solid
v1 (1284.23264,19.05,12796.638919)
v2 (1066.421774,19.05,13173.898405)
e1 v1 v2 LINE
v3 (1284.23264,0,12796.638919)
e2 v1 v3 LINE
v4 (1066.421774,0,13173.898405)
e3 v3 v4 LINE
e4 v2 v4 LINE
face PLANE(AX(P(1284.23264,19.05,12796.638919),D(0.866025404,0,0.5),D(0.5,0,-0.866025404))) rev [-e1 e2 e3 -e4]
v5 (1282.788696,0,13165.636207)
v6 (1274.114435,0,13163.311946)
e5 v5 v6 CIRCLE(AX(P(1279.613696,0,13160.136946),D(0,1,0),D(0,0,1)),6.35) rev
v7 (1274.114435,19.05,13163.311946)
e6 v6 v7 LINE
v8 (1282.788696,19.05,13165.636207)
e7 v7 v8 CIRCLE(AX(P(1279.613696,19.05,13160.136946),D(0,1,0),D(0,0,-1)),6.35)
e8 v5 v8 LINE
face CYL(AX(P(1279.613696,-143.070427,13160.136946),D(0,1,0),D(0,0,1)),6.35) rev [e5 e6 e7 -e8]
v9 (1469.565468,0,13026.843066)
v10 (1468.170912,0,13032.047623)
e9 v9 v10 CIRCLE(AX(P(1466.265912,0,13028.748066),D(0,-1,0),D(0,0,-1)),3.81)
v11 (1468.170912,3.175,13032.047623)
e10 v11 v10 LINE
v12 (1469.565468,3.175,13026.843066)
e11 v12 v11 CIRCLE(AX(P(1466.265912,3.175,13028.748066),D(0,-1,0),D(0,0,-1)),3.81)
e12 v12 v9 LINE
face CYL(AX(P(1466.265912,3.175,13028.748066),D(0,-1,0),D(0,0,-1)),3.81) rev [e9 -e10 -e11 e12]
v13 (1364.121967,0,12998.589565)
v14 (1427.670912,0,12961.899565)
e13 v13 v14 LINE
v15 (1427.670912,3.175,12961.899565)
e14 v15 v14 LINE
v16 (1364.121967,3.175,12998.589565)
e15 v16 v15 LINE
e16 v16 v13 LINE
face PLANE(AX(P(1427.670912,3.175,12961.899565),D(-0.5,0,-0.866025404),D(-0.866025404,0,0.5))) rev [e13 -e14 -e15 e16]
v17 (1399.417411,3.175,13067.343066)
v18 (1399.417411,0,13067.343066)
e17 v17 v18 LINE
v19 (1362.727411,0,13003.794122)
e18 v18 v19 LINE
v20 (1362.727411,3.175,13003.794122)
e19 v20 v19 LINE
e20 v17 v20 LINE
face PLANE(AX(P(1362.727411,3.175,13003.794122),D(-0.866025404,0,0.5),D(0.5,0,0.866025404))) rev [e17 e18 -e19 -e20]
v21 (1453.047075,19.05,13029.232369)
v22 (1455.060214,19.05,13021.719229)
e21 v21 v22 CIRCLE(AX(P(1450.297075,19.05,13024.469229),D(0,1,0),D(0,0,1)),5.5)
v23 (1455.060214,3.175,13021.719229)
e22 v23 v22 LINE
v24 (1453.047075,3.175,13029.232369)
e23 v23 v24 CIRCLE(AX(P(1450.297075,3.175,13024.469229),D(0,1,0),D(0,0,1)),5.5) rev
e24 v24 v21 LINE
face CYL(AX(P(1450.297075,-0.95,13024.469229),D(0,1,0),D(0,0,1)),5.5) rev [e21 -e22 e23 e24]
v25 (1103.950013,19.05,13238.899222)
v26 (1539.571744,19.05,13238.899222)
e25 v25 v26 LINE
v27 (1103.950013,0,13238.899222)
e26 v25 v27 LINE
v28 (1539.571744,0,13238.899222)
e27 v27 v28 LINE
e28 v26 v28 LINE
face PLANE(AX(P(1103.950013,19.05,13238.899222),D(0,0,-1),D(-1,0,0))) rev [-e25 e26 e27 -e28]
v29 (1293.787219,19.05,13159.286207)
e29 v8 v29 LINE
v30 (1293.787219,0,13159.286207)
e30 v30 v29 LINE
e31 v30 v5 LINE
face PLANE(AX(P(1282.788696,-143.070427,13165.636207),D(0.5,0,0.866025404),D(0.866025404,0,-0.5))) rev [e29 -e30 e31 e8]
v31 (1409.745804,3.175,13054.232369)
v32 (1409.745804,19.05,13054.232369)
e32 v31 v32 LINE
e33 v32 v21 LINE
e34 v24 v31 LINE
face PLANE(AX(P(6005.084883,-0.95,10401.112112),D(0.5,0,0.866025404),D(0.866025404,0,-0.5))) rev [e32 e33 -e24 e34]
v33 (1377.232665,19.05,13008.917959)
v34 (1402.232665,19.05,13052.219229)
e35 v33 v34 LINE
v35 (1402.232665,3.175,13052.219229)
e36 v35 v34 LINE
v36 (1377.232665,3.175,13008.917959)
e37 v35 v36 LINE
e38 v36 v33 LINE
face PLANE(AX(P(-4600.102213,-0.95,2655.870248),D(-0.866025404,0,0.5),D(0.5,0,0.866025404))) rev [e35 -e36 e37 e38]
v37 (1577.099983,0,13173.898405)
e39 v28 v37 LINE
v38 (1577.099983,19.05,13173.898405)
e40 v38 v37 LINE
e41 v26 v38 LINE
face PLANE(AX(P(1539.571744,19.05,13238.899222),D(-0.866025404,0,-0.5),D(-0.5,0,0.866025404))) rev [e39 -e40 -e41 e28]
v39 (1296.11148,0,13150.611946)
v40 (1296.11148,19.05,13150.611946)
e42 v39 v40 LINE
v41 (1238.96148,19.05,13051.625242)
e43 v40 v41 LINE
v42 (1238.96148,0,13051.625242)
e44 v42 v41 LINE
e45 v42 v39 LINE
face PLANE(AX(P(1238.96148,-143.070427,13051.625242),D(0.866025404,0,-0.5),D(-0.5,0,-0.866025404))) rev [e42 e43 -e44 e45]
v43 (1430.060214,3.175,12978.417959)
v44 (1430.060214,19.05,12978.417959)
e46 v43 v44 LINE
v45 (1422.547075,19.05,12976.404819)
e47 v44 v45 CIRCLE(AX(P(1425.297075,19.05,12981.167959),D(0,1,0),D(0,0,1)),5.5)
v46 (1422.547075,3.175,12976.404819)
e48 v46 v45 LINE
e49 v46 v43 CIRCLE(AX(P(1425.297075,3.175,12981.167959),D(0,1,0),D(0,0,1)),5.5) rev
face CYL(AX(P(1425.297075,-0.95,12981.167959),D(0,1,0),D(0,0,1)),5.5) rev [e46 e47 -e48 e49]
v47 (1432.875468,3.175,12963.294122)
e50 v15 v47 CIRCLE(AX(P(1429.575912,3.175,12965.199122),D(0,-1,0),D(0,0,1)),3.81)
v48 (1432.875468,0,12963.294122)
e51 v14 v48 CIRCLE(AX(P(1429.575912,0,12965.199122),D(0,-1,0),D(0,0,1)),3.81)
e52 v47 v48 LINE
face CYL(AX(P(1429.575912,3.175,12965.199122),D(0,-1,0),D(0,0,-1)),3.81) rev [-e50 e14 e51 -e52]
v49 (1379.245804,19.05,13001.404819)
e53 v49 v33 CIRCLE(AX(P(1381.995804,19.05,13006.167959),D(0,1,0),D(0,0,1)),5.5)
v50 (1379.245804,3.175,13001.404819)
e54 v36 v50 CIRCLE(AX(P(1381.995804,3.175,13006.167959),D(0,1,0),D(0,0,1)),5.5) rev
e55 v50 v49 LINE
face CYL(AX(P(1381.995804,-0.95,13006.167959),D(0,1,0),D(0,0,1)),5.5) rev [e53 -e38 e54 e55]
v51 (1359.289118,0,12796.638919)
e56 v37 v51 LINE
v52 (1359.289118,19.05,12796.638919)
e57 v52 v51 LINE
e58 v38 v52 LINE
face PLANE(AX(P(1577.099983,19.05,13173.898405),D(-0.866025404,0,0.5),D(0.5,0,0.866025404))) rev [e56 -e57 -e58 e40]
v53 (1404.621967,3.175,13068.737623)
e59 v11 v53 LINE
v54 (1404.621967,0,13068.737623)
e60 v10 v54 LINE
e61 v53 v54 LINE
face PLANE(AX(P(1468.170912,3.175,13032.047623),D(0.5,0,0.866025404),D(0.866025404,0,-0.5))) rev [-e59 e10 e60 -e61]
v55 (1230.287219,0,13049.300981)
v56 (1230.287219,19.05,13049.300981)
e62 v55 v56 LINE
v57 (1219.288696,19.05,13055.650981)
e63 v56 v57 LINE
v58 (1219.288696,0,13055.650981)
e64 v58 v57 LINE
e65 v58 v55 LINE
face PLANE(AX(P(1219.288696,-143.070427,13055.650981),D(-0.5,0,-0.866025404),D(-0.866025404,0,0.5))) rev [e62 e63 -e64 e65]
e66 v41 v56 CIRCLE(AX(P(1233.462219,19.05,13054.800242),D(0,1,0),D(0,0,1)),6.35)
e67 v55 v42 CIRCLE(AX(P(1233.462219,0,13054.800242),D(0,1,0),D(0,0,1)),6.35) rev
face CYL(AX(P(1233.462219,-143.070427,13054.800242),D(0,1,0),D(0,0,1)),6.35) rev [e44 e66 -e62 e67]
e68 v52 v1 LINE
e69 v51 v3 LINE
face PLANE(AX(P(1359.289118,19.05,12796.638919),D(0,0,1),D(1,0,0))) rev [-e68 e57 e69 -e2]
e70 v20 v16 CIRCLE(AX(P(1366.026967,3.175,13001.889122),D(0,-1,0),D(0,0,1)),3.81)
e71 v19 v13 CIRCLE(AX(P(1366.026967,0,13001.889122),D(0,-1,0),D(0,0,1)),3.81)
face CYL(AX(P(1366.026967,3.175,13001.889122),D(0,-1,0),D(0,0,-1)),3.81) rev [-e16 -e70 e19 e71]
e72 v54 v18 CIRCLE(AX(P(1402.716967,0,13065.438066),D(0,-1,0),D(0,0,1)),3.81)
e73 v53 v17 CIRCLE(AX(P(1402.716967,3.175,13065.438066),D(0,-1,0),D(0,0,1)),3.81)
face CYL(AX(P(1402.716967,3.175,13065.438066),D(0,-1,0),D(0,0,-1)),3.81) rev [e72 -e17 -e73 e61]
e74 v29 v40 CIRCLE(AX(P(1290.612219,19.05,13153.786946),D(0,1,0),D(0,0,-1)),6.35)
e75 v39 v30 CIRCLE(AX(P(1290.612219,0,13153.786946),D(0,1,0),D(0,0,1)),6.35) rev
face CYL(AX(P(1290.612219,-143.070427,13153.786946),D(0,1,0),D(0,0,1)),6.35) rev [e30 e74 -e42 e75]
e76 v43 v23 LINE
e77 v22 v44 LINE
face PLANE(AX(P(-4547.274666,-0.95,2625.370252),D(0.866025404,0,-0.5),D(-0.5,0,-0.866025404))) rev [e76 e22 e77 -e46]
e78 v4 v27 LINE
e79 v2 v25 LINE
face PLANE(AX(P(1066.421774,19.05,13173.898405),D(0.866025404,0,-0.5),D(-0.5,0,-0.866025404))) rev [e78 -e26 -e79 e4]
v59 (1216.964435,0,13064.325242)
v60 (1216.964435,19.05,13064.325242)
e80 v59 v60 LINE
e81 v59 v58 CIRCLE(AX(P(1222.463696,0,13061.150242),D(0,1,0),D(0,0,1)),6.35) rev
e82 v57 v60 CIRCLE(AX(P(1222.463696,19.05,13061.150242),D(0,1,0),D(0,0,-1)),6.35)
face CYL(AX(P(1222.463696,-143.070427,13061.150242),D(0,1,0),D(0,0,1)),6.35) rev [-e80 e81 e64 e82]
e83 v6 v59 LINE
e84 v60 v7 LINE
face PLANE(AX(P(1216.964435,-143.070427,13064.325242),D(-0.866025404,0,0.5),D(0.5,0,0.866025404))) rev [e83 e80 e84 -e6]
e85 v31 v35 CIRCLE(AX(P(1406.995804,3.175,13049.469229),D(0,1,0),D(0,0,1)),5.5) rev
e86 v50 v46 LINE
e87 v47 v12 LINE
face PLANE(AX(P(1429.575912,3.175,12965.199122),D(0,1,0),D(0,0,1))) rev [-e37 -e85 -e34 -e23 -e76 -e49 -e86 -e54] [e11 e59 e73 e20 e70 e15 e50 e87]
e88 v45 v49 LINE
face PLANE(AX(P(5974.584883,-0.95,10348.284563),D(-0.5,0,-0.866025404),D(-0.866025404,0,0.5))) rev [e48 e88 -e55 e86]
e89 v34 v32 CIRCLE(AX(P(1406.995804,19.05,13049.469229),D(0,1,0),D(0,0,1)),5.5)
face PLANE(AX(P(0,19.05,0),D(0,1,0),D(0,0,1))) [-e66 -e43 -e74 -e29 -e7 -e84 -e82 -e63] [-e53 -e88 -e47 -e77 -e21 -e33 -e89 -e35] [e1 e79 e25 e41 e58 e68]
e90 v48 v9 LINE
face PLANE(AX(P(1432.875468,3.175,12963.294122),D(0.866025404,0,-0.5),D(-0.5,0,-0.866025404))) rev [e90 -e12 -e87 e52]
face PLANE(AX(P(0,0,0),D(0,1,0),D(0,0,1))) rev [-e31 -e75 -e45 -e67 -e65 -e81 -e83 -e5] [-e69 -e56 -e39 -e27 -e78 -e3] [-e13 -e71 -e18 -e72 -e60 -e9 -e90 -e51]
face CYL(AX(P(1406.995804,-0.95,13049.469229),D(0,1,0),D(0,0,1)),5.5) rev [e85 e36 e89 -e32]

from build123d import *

# Parameters (mm, degrees)
BOSS_EXTRUDE1_DEPTH = 19.05
CUT_EXTRUDE1_DEPTH  = 20
CUT_EXTRUDE2_DEPTH  = 3.175
CUT_EXTRUDE3_DEPTH  = 19.05


with BuildPart() as part:
    # Sketch1 → Boss-Extrude1 (new body)
    with BuildSketch(Plane(origin=(-388.281715987, 0, -288.185661777), x_dir=(1, 0, 0), z_dir=(0, 1, 0))):
        Polygon((1747.570833697, -13084.824581071), (1672.514355591, -13084.824581071), (1454.703489965, -13462.084066777), (1492.231729019, -13527.084883536), (1927.853460271, -13527.084883536), (1965.381699324, -13462.084066777), align=None)
    extrude(amount=BOSS_EXTRUDE1_DEPTH)

    # Sketch4 → Cut-Extrude1 (cut)
    with BuildSketch(Plane(origin=(0, 19.05, 0), x_dir=(1, 0, 0), z_dir=(0, 1, 0))):
        with BuildLine():
            Line((1377.232664741, -13008.917958926), (1402.232664763, -13052.21922919))
            ThreePointArc((1402.232664763, -13052.21922919), (1405.572299736, -13054.781821235), (1409.745804474, -13054.232368895))
            Line((1409.745804474, -13054.232368895), (1453.047074654, -13029.232368878))
            ThreePointArc((1453.047074654, -13029.232368878), (1455.609666681, -13025.892733929), (1455.060214377, -13021.7192292))
            Line((1455.060214377, -13021.7192292), (1430.060214339, -12978.417958945))
            ThreePointArc((1430.060214339, -12978.417958945), (1426.720579378, -12975.855366909), (1422.547074644, -12976.404819231))
            Line((1422.547074644, -12976.404819231), (1379.245804465, -13001.404819247))
            ThreePointArc((1379.245804465, -13001.404819247), (1376.683212438, -13004.744454197), (1377.232664741, -13008.917958926))
        make_face()
    extrude(amount=-CUT_EXTRUDE1_DEPTH, mode=Mode.SUBTRACT)

    # Sketch5 → Cut-Extrude2 (cut)
    with BuildSketch(Plane.XZ):
        with BuildLine():
            Line((1427.670911631, 12961.899565184), (1364.121967469, 12998.589565203))
            ThreePointArc((1364.121967469, 12998.589565203), (1362.34679007, 13000.903021429), (1362.72741068, 13003.794121991))
            Line((1362.72741068, 13003.794121991), (1399.417410699, 13067.343066154))
            ThreePointArc((1399.417410699, 13067.343066154), (1401.730866926, 13069.118243552), (1404.621967488, 13068.737622942))
            Line((1404.621967488, 13068.737622942), (1468.17091165, 13032.047622923))
            ThreePointArc((1468.17091165, 13032.047622923), (1469.946089048, 13029.734166696), (1469.565468439, 13026.843066135))
            Line((1469.565468439, 13026.843066135), (1432.87546842, 12963.294121972))
            ThreePointArc((1432.87546842, 12963.294121972), (1430.562012193, 12961.518944574), (1427.670911631, 12961.899565184))
        make_face()
    extrude(amount=-CUT_EXTRUDE2_DEPTH, mode=Mode.SUBTRACT)

    # Sketch6 → Cut-Extrude3 (cut)
    with BuildSketch(Plane(origin=(0, 19.05, 0), x_dir=(1, 0, 0), z_dir=(0, 1, 0))):
        with BuildLine():
            Line((1216.964435014, -13064.325242236), (1274.114435014, -13163.311945889))
            ThreePointArc((1274.114435014, -13163.311945889), (1277.970195391, -13166.270574886), (1282.788696328, -13165.636207203))
            Line((1282.788696328, -13165.636207203), (1293.787218956, -13159.286207203))
            ThreePointArc((1293.787218956, -13159.286207203), (1296.745847953, -13155.430446825), (1296.11148027, -13150.611945889))
            Line((1296.11148027, -13150.611945889), (1238.96148027, -13051.625242236))
            ThreePointArc((1238.96148027, -13051.625242236), (1235.105719892, -13048.66661324), (1230.287218956, -13049.300980922))
            Line((1230.287218956, -13049.300980922), (1219.288696328, -13055.650980922))
            ThreePointArc((1219.288696328, -13055.650980922), (1216.330067331, -13059.5067413), (1216.964435014, -13064.325242236))
        make_face()
    extrude(amount=-CUT_EXTRUDE3_DEPTH, mode=Mode.SUBTRACT)


solid = part.part
